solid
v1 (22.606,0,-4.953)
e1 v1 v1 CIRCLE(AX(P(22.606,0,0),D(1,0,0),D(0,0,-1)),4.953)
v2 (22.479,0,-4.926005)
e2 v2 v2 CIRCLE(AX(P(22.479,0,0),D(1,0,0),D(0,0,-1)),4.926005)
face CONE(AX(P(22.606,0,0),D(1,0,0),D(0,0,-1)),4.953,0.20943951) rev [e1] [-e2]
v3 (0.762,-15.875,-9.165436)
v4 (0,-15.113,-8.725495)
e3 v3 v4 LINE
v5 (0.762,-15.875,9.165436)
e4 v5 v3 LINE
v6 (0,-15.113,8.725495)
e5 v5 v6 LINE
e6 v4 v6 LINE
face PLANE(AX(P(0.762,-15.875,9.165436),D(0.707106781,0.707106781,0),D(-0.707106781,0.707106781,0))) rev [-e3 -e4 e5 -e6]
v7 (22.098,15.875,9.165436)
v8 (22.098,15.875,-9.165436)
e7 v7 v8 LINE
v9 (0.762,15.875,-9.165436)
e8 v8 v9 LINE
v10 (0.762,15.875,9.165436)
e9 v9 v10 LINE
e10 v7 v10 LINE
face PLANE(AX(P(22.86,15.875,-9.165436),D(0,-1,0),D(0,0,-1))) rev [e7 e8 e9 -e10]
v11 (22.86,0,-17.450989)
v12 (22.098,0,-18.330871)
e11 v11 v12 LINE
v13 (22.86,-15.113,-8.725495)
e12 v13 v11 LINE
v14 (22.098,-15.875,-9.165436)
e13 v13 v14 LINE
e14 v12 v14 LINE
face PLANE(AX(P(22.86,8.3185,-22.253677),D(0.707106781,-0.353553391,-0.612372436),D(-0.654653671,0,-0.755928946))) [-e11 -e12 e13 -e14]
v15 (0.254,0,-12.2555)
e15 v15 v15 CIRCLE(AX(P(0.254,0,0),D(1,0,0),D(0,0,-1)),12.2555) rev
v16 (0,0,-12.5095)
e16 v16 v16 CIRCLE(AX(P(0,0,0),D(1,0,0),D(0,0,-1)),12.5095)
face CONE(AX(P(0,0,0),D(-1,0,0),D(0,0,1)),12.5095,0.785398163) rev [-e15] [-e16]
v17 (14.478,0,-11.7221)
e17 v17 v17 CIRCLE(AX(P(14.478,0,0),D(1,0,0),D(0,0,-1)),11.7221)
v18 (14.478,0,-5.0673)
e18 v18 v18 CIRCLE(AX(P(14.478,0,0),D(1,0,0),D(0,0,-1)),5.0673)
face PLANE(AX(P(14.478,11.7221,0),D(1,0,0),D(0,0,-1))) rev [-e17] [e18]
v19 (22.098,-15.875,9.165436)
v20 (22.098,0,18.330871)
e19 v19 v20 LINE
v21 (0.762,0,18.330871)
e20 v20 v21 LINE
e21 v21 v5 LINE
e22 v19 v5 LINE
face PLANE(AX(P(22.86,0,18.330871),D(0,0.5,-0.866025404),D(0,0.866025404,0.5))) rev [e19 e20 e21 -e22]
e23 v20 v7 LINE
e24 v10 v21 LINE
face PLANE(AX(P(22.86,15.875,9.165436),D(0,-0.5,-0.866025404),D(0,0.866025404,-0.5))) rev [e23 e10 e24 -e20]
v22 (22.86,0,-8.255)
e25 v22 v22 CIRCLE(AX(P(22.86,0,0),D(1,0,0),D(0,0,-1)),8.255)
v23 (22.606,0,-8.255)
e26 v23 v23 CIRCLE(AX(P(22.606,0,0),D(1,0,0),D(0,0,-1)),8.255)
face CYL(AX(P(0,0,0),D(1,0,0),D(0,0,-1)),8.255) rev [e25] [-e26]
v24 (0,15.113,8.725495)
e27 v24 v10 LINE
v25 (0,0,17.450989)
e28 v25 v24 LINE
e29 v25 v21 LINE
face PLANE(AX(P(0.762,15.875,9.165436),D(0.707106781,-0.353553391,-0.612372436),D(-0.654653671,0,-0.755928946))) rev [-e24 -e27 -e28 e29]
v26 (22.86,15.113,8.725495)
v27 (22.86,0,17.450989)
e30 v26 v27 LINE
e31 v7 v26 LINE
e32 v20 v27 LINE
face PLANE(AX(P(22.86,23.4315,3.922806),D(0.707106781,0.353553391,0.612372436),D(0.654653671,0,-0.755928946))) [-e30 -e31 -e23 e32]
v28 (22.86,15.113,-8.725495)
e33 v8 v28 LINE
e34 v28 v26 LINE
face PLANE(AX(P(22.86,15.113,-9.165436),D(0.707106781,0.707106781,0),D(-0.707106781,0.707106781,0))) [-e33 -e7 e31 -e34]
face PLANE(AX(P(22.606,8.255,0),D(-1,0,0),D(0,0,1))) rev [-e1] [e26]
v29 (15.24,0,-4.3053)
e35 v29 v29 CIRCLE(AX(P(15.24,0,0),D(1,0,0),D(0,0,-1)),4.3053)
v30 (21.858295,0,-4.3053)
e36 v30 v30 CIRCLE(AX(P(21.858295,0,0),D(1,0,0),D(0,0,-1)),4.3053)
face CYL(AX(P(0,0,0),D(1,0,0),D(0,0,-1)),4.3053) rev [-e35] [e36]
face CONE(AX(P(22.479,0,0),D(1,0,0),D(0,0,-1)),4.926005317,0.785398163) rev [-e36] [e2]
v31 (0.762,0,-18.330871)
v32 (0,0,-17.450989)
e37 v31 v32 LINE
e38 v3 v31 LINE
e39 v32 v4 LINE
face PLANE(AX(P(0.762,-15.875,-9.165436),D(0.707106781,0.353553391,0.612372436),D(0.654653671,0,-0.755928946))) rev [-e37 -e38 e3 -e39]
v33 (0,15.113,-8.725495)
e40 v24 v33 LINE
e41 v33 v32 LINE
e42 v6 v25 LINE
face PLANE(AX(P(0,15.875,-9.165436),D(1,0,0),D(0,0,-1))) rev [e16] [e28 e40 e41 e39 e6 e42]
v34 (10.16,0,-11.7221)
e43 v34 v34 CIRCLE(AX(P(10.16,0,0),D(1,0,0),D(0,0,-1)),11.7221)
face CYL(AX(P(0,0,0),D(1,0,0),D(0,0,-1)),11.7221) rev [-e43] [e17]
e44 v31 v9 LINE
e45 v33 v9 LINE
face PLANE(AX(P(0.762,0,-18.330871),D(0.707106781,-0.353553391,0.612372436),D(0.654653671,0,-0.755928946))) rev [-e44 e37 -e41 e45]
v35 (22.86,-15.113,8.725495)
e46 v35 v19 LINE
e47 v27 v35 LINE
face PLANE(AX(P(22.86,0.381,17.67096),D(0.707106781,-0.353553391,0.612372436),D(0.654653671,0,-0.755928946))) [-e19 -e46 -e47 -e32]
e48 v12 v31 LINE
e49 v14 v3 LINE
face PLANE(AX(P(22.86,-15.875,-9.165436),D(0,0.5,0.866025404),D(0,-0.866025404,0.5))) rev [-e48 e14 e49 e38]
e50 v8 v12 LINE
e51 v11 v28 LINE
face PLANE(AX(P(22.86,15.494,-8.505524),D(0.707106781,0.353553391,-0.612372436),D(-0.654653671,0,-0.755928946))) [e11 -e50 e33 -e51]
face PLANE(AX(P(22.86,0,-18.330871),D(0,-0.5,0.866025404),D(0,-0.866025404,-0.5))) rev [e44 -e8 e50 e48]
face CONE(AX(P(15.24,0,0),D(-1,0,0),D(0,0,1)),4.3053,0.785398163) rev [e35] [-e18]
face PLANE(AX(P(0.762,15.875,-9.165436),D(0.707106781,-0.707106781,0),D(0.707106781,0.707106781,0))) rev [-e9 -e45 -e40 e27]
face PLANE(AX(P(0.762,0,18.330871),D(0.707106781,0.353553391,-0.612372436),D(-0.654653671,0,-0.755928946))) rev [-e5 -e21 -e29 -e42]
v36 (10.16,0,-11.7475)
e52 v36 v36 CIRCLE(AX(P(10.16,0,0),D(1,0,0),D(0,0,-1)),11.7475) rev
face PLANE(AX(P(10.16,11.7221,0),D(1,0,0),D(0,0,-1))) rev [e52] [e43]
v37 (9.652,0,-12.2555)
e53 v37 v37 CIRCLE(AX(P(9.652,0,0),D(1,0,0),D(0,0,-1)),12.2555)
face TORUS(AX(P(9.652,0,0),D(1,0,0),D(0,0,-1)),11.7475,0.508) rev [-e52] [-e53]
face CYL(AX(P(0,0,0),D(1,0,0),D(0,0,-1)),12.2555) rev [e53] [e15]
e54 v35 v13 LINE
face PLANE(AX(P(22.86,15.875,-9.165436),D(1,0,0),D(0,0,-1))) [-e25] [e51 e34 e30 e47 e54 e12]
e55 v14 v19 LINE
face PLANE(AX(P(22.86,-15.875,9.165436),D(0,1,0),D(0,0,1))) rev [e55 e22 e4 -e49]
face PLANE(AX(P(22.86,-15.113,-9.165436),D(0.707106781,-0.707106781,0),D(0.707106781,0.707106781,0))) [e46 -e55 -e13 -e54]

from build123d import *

# Parameters (mm, degrees)
EXTRUDE1_DEPTH = 22.86
CHAMFER1_SIZE  = 0.254
CHAMFER3_SIZE  = 0.762
CHAMFER4_SIZE  = 0.762
FILLET1_R      = 0.508


with BuildPart() as part:
    # Sketch1 → Extrude1 (new body)
    with BuildSketch(Plane(origin=(0, 0, 0), x_dir=(0, 0, -1), z_dir=(1, 0, 0))):
        Polygon((9.165435523, 15.875), (-9.165435523, 15.875), (-18.330871047, 0), (-9.165435523, -15.875), (9.165435523, -15.875), (18.330871047, 0), align=None)
    extrude(amount=EXTRUDE1_DEPTH)

    # Sketch2 → Cut-Revolve1 (revolve, cut)
    with BuildSketch(Plane.XY, mode=Mode.PRIVATE) as cut_revolve1_sk:
        Polygon((0, 12.2555), (0, 0), (22.86, 0), (22.86, 8.255), (22.606, 8.255), (22.606, 4.953), (22.479, 4.926005317), (21.858294683, 4.3053), (15.24, 4.3053), (14.478, 5.0673), (14.478, 11.7221), (10.16, 11.7221), (10.16, 12.2555), align=None)
    revolve(cut_revolve1_sk.sketch.rotate(Axis((0, 0, 0), (1, 0, 0)), 270), axis=Axis((0, 0, 0), (1, 0, 0)), mode=Mode.SUBTRACT)  # turned: the seam where the file's is

    # Chamfer1
    chamfer1_edges = [part.edges().sort_by_distance(p)[0] for p in [
        (0, 0, 12.2555),
    ]]
    chamfer(chamfer1_edges, length=CHAMFER1_SIZE)

    # Chamfer3
    chamfer3_edges = [part.edges().sort_by_distance(p)[0] for p in [
        (0, -7.9375, -13.748153285),
        (0, -15.875, 0),
        (0, -7.9375, 13.748153285),
        (0, 7.9375, 13.748153285),
        (0, 15.875, 0),
        (0, 7.9375, -13.748153285),
    ]]
    chamfer(chamfer3_edges, length=CHAMFER3_SIZE)

    # Chamfer4
    chamfer4_edges = [part.edges().sort_by_distance(p)[0] for p in [
        (22.86, 7.9375, 13.748153285),
        (22.86, -7.9375, 13.748153285),
        (22.86, -15.875, 0),
        (22.86, -7.9375, -13.748153285),
        (22.86, 7.9375, -13.748153285),
        (22.86, 15.875, 0),
    ]]
    chamfer(chamfer4_edges, length=CHAMFER4_SIZE)

    # Fillet1
    fillet1_edges = [part.edges().sort_by_distance(p)[0] for p in [
        (10.16, 0, 12.2555),
    ]]
    fillet(fillet1_edges, radius=FILLET1_R)


solid = part.part
